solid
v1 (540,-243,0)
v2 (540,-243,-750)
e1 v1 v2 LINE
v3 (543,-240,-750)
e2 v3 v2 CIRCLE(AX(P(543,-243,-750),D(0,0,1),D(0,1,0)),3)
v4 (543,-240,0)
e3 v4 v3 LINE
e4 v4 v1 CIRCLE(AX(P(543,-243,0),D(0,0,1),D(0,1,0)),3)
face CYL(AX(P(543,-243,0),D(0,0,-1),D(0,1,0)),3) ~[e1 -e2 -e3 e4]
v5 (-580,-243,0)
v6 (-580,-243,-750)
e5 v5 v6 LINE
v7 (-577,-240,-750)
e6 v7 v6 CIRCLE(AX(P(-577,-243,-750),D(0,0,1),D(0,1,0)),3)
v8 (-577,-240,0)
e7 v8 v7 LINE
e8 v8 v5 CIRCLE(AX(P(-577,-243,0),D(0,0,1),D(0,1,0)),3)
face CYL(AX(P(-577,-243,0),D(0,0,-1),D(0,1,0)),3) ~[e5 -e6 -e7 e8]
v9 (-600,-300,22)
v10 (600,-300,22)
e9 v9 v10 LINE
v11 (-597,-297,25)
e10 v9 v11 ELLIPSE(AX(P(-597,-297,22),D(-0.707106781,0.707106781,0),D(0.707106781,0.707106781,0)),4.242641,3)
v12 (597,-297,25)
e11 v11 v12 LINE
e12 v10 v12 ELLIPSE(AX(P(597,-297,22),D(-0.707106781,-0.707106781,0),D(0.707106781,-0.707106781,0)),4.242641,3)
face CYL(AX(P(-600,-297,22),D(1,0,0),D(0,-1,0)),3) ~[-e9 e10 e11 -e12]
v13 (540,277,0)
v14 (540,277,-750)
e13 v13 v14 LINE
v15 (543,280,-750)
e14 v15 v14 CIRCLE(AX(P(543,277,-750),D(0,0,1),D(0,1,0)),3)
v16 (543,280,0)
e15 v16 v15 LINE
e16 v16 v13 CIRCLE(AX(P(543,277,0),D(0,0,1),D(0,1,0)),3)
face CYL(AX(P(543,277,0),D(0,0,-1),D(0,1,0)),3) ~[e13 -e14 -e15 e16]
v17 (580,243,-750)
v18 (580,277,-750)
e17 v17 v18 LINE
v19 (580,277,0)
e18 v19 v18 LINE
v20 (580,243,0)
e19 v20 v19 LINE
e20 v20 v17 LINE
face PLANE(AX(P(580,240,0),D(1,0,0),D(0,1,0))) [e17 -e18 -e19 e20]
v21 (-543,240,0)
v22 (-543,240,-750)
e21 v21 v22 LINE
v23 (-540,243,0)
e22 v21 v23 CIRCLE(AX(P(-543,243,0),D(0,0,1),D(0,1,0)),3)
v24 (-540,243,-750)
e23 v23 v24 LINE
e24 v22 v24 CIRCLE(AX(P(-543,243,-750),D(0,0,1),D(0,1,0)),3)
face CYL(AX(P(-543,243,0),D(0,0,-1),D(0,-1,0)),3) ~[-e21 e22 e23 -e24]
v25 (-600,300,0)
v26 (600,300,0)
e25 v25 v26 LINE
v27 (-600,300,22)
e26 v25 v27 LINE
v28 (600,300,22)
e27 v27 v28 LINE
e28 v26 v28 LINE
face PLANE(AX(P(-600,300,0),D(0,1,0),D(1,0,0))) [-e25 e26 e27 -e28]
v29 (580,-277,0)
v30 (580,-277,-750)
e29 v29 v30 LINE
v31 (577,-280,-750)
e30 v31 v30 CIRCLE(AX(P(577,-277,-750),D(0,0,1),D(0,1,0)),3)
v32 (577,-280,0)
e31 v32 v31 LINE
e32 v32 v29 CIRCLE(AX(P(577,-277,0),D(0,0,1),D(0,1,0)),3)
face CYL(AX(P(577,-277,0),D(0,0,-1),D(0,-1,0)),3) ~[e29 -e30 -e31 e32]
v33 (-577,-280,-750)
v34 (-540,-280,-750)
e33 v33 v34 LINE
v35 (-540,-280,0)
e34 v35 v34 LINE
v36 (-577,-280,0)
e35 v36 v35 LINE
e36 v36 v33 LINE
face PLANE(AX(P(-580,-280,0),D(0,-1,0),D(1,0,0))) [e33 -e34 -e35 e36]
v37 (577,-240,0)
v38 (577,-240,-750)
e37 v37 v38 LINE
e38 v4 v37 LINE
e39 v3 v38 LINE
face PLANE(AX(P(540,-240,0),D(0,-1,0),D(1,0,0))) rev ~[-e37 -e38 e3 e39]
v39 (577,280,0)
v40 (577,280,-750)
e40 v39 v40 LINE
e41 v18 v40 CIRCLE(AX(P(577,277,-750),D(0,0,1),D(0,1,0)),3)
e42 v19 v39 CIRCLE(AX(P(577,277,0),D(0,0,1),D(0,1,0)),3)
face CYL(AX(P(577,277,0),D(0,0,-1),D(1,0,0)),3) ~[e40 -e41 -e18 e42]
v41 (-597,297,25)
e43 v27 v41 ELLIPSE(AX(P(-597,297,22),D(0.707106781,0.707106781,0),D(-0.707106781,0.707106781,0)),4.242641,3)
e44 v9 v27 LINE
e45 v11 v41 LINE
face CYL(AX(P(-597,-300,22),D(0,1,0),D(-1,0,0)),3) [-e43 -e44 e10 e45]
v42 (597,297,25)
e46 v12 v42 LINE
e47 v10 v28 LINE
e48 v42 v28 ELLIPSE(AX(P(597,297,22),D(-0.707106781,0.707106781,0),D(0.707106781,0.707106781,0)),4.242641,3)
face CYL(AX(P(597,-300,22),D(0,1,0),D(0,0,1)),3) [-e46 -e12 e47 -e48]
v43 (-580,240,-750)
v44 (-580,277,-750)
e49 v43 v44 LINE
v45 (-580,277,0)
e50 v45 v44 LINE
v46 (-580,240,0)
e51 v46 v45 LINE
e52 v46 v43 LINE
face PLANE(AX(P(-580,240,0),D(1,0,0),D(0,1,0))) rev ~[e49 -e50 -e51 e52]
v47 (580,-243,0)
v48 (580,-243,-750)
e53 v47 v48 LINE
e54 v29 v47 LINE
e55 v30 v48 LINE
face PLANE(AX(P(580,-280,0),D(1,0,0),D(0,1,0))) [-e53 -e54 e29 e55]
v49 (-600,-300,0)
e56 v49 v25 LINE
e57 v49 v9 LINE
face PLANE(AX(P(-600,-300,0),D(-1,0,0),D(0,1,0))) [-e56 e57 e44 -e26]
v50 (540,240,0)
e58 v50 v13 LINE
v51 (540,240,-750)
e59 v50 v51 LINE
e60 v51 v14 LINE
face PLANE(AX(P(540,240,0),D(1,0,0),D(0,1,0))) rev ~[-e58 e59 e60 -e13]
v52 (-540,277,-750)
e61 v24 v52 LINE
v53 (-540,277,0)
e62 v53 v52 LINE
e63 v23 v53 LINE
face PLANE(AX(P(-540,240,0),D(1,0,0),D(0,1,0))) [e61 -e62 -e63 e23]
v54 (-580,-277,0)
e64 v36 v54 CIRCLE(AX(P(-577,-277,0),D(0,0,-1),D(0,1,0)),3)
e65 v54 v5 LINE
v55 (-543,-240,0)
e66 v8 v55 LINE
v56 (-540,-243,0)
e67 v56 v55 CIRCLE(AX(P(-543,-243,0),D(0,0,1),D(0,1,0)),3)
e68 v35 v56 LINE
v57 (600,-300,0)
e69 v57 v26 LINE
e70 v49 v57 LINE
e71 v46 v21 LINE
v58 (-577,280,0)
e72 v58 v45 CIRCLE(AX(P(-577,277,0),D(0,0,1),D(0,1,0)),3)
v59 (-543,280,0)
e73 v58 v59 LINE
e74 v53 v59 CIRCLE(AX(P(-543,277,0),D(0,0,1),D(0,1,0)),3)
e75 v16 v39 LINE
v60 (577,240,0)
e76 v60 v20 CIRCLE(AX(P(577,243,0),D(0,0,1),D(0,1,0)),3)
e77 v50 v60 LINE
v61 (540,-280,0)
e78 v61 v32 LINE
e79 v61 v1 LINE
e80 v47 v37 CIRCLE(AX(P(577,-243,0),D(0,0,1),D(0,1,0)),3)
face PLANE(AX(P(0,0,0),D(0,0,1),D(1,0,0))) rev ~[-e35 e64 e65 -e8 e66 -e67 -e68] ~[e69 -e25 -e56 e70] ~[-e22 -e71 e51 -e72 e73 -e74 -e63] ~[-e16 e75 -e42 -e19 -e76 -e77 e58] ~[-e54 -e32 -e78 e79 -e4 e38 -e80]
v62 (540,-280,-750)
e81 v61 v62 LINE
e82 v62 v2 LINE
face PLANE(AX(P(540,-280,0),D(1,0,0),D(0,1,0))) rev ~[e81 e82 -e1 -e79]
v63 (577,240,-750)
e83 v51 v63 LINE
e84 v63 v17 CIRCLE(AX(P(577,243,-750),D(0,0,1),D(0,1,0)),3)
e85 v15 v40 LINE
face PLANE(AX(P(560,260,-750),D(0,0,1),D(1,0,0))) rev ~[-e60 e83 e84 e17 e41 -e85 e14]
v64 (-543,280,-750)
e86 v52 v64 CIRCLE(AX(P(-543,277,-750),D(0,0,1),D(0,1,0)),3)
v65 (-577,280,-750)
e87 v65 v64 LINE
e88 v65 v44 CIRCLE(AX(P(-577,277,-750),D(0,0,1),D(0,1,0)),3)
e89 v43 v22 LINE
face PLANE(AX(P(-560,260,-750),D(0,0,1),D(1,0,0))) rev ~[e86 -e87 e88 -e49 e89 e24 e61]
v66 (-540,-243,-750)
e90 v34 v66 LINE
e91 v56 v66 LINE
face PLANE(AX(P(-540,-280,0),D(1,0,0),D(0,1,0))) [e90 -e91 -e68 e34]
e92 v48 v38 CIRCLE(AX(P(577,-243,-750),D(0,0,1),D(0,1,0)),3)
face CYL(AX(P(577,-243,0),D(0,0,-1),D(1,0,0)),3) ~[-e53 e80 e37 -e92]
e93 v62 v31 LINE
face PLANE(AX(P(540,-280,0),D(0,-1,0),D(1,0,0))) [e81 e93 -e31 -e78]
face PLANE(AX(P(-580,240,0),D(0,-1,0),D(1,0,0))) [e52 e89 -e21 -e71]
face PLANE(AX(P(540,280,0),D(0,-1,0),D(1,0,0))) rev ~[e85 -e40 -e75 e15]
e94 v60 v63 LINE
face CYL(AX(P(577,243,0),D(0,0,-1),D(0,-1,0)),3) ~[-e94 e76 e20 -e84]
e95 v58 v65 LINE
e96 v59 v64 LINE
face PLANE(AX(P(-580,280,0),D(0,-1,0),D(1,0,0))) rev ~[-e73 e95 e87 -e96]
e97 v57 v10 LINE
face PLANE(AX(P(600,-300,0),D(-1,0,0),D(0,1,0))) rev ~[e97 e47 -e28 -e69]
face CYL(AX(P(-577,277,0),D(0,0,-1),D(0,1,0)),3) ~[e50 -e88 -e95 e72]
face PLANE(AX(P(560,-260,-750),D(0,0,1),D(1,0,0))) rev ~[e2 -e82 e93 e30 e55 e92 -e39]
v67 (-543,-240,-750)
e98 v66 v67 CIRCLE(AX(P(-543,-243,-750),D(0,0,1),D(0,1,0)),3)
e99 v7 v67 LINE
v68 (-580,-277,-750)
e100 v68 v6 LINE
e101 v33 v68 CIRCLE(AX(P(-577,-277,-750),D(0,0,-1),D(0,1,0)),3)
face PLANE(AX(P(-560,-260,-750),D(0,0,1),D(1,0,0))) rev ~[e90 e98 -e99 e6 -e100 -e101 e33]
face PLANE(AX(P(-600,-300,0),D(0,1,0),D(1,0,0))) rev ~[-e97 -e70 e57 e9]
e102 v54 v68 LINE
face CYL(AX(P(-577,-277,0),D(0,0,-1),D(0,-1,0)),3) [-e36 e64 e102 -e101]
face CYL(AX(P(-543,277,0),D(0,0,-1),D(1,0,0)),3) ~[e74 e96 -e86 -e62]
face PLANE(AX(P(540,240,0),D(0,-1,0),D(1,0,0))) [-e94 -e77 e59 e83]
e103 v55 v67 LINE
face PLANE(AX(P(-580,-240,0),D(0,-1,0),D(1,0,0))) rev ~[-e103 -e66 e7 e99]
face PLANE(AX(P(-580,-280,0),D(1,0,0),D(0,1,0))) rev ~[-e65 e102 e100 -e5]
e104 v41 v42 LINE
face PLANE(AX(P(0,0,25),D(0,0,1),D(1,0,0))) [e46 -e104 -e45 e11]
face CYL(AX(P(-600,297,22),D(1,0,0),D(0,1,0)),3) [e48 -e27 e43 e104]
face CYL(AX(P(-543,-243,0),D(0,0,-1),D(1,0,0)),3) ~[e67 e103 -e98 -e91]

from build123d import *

# Parameters (mm, degrees)
SKETCH1_W           = 1200
SKETCH1_H           = 600
BOSS_EXTRUDE1_DEPTH = 25
SKETCH2_W           = 40
SKETCH2_H           = 40
BOSS_EXTRUDE2_DEPTH = 750
FILLET1_R           = 3


with BuildPart() as part:
    # Sketch1 → Boss-Extrude1 (new body)
    with BuildSketch(Plane.XY):
        Rectangle(SKETCH1_W, SKETCH1_H)
    extrude(amount=BOSS_EXTRUDE1_DEPTH)

    # Sketch2 → Boss-Extrude2 (add)
    with BuildSketch(Plane.XY):
        with Locations((-560, 260)):
            Rectangle(SKETCH2_W, SKETCH2_H)
        with Locations((560, 260)):
            Rectangle(SKETCH2_W, SKETCH2_H)
        with Locations((-560, -260)):
            Rectangle(SKETCH2_W, SKETCH2_H)
        with Locations((560, -260)):
            Rectangle(SKETCH2_W, SKETCH2_H)
    extrude(amount=-BOSS_EXTRUDE2_DEPTH)

    # Fillet1
    fillet1_edges = [part.edges().sort_by_distance(p)[0] for p in [
        (-600, 0, 25),
        (0, -300, 25),
        (580, 280, -375),
        (580, 240, -375),
        (540, 280, -375),
        (-540, -240, -375),
        (-580, -280, -375),
        (-580, -240, -375),
        (580, -240, -375),
        (580, -280, -375),
        (540, -240, -375),
        (-540, 280, -375),
        (-540, 240, -375),
        (-580, 280, -375),
        (600, 0, 25),
        (0, 300, 25),
    ]]
    fillet(fillet1_edges, radius=FILLET1_R)


solid = part.part
